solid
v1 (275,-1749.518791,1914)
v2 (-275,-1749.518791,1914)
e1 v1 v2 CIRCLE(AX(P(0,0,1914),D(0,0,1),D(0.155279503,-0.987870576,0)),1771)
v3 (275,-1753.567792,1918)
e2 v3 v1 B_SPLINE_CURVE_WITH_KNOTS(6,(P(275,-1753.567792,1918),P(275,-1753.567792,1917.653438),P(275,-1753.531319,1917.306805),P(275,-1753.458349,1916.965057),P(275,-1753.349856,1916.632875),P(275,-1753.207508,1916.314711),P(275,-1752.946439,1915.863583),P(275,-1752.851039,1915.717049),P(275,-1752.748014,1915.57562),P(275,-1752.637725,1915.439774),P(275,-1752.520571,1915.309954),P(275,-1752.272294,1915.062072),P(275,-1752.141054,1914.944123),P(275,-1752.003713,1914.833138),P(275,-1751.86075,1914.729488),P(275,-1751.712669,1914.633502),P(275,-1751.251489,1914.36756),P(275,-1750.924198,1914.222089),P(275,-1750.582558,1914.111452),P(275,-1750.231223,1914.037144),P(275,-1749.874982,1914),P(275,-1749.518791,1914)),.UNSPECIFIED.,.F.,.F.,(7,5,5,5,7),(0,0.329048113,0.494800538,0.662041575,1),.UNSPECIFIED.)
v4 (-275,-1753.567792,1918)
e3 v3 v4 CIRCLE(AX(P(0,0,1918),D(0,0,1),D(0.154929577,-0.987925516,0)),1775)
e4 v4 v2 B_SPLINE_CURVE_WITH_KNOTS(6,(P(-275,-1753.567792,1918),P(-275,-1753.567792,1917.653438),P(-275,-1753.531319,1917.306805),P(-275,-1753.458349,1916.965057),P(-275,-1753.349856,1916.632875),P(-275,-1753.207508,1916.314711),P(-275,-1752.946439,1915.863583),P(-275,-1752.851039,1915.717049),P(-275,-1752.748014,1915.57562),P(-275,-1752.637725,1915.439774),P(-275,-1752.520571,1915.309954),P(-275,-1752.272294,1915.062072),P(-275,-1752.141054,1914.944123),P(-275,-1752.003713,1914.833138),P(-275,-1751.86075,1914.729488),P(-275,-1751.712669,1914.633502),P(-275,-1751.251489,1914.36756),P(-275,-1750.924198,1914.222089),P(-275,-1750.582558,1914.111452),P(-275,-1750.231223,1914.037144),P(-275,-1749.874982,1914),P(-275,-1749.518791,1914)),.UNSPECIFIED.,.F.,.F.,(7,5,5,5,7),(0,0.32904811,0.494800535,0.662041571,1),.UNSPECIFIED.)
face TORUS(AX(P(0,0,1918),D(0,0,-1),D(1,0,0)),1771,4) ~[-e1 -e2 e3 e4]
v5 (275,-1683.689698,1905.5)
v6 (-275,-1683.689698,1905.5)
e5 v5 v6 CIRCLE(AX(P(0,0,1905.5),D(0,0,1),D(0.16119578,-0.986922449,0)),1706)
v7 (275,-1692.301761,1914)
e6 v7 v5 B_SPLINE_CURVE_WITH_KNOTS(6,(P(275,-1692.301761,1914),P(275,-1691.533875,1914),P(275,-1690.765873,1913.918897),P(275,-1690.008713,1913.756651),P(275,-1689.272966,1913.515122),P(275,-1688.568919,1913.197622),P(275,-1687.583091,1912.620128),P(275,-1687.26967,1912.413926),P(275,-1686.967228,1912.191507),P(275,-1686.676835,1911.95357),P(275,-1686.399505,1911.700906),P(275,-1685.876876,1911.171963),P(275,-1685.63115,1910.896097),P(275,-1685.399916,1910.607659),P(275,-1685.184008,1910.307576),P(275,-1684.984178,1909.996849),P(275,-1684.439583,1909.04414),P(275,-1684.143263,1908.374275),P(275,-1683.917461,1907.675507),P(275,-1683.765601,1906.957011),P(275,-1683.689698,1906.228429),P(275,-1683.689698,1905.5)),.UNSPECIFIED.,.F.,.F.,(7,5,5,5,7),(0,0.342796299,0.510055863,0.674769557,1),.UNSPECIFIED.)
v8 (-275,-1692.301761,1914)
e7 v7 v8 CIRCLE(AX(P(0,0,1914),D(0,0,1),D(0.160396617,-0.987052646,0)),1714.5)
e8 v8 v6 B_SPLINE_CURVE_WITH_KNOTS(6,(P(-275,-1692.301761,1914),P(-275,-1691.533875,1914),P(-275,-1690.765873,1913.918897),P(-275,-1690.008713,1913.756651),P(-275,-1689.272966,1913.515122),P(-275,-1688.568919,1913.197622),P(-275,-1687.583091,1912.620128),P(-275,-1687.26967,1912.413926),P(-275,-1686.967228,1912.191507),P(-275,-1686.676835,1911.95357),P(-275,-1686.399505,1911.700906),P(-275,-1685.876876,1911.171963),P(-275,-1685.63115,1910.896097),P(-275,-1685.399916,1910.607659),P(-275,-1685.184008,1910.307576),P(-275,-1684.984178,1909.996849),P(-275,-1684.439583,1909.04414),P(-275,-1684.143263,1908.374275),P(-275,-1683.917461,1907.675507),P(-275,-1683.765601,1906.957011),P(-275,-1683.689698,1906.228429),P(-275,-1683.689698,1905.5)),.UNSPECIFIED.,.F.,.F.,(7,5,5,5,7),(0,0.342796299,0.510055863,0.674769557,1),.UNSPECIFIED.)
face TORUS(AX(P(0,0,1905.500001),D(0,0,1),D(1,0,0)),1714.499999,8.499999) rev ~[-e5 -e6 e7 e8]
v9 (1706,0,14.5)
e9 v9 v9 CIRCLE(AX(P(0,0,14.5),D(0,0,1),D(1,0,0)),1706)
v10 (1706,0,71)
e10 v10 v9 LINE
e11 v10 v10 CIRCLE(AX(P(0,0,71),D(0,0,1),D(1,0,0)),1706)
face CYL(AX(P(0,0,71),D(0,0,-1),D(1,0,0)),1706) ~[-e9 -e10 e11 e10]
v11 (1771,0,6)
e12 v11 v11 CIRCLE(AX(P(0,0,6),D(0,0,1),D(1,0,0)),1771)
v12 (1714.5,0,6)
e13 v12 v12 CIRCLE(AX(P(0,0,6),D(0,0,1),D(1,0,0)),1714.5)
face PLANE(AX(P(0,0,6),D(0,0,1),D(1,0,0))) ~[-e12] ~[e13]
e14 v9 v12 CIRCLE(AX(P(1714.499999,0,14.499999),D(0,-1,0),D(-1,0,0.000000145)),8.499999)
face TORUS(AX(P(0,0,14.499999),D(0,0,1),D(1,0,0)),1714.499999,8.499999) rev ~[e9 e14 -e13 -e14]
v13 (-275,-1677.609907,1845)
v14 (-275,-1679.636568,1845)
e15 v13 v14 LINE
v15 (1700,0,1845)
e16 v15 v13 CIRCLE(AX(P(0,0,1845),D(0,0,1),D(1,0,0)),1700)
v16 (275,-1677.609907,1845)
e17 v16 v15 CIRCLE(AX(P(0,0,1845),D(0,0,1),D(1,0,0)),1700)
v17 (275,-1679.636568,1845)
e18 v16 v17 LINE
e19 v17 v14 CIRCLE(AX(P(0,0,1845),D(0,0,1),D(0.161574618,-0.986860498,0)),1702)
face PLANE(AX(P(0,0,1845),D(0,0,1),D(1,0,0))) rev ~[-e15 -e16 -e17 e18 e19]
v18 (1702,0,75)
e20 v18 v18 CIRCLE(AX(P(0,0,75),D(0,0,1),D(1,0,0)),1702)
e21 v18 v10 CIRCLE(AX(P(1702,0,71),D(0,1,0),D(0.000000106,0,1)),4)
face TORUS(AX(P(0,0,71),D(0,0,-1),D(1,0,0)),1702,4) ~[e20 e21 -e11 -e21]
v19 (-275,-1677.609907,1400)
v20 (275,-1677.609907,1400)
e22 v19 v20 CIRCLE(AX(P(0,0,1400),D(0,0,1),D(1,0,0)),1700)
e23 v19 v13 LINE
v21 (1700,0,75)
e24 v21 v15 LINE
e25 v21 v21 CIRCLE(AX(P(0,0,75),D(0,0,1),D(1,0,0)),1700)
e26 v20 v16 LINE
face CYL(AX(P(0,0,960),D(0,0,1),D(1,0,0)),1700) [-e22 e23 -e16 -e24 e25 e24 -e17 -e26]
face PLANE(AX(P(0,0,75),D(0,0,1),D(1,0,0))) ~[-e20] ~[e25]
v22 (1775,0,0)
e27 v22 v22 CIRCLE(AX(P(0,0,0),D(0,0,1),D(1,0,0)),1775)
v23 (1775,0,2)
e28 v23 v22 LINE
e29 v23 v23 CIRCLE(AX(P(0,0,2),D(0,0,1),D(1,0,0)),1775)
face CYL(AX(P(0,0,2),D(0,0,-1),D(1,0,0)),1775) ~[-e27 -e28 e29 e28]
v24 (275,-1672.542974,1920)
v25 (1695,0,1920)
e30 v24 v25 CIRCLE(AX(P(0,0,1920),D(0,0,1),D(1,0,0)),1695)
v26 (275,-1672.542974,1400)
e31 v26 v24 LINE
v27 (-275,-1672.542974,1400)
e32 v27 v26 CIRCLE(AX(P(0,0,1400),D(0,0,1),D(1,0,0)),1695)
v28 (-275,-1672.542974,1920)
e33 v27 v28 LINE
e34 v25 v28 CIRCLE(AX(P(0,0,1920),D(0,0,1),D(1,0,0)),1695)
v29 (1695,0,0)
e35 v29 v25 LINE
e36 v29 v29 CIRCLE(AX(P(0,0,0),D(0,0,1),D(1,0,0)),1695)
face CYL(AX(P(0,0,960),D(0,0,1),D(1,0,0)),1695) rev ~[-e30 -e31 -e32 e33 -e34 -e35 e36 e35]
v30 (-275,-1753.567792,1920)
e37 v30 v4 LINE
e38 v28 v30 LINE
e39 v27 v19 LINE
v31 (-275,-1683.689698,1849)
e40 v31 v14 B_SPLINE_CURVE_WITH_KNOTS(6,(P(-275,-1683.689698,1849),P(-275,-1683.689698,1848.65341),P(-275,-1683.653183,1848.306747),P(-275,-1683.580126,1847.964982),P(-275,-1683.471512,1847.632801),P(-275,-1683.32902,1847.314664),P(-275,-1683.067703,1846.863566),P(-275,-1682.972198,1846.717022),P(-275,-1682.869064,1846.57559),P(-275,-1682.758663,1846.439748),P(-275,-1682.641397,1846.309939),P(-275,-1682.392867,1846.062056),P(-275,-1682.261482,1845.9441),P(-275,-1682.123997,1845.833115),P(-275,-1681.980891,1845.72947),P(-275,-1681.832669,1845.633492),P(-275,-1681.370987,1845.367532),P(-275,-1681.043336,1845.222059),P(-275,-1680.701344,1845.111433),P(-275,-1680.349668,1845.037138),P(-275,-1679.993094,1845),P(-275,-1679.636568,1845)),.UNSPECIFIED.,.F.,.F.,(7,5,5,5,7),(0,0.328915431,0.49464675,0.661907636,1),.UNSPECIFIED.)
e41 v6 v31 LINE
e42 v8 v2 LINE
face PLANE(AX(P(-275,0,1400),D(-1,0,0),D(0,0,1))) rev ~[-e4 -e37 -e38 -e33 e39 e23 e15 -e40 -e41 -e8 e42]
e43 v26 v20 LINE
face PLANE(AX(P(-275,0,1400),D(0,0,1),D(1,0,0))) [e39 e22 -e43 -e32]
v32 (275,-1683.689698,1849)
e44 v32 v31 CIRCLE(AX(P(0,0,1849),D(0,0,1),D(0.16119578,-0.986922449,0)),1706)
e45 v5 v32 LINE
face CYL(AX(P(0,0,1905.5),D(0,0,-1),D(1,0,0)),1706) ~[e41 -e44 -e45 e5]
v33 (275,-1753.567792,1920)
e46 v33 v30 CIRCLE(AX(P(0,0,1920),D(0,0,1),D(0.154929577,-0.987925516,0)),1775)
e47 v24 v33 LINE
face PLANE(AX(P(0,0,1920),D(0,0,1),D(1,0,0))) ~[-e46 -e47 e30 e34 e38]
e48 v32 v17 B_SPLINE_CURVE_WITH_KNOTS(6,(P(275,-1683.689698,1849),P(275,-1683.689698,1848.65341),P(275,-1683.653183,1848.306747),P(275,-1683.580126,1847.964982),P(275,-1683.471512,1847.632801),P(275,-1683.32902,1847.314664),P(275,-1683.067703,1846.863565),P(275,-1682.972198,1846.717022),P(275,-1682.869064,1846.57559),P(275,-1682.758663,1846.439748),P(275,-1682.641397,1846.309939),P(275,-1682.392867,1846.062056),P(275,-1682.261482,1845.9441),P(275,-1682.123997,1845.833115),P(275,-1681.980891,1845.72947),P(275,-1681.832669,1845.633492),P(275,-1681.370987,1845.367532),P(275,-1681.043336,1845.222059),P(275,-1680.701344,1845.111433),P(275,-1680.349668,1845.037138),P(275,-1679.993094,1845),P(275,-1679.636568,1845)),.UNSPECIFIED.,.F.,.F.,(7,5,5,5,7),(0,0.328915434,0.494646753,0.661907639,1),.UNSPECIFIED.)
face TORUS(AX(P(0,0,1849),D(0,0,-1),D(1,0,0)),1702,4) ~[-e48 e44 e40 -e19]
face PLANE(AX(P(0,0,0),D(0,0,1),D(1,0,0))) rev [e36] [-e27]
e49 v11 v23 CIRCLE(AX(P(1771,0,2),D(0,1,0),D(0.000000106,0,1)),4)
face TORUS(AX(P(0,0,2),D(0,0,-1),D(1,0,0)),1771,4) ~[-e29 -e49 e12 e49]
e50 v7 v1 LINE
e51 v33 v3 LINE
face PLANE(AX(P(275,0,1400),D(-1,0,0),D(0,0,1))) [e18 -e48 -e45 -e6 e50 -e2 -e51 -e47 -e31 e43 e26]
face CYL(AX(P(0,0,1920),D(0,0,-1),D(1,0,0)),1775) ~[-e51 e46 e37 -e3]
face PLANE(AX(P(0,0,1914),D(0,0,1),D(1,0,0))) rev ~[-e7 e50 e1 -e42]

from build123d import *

# Parameters (mm, degrees)
SKETCH001_W   = 550
SKETCH001_H   = 520
EXTRUDE_DEPTH = 2500
SKETCH_W      = 5
SKETCH_H      = 1920


with BuildPart() as extrude_body:
    # Sketch001 → Extrude (new body)
    with BuildSketch(Plane.XZ):
        with Locations((0, 1660)):
            Rectangle(SKETCH001_W, SKETCH001_H)
    extrude(amount=EXTRUDE_DEPTH)


with BuildPart() as revolve001:
    # AngleSteel → Revolve001 (revolve)
    with BuildSketch(Plane(origin=(1720.58985, 0, 20.58985), x_dir=(1, 0, 0), z_dir=(0, 1, 0))):
        with BuildLine():
            Line((-20.58985, 20.58985), (-20.58985, -54.41015))
            Line((-20.58985, -54.41015), (-18.58985, -54.41015))
            ThreePointArc((-18.58985, -54.41015), (-15.761423, -53.238577), (-14.58985, -50.41015))
            Line((-14.58985, -50.41015), (-14.58985, 6.08985))
            ThreePointArc((-14.58985, 6.08985), (-12.100258, 12.100258), (-6.08985, 14.58985))
            Line((-6.08985, 14.58985), (50.41015, 14.58985))
            ThreePointArc((50.41015, 14.58985), (53.238577, 15.761423), (54.41015, 18.58985))
            Line((54.41015, 18.58985), (54.41015, 20.58985))
            Line((54.41015, 20.58985), (-20.58985, 20.58985))
        make_face()
    revolve(axis=Axis((0, 0, 0), (0, 0, 1)))


with BuildPart() as revolve002:
    # AngleSteel001 → Revolve002 (revolve)
    with BuildSketch(Plane(origin=(1720.58985, 0, 1899.41015), x_dir=(1, 0, 0), z_dir=(0, 1, 0))):
        with BuildLine():
            Line((-20.58985, -20.58985), (54.41015, -20.58985))
            Line((54.41015, -20.58985), (54.41015, -18.58985))
            ThreePointArc((54.41015, -18.58985), (53.238577, -15.761423), (50.41015, -14.58985))
            Line((50.41015, -14.58985), (-6.08985, -14.58985))
            ThreePointArc((-6.08985, -14.58985), (-12.100258, -12.100258), (-14.58985, -6.08985))
            Line((-14.58985, -6.08985), (-14.58985, 50.41015))
            ThreePointArc((-14.58985, 50.41015), (-15.761423, 53.238577), (-18.58985, 54.41015))
            Line((-18.58985, 54.41015), (-20.58985, 54.41015))
            Line((-20.58985, 54.41015), (-20.58985, -20.58985))
        make_face()
    revolve(axis=Axis((0, 0, 0), (0, 0, 1)))


with BuildPart() as cut:
    # Sketch → Revolve (revolve)
    with BuildSketch(Plane.XZ):
        with Locations((1697.5, 960)):
            Rectangle(SKETCH_W, SKETCH_H)
    revolve(axis=Axis((0, 0, 0), (0, 0, 1)))

    # Fusion: union Revolve001, Revolve002
    add(revolve001.part)
    add(revolve002.part)

    # Cut: cut Extrude body
    add(extrude_body.part, mode=Mode.SUBTRACT)


solid = cut.part
